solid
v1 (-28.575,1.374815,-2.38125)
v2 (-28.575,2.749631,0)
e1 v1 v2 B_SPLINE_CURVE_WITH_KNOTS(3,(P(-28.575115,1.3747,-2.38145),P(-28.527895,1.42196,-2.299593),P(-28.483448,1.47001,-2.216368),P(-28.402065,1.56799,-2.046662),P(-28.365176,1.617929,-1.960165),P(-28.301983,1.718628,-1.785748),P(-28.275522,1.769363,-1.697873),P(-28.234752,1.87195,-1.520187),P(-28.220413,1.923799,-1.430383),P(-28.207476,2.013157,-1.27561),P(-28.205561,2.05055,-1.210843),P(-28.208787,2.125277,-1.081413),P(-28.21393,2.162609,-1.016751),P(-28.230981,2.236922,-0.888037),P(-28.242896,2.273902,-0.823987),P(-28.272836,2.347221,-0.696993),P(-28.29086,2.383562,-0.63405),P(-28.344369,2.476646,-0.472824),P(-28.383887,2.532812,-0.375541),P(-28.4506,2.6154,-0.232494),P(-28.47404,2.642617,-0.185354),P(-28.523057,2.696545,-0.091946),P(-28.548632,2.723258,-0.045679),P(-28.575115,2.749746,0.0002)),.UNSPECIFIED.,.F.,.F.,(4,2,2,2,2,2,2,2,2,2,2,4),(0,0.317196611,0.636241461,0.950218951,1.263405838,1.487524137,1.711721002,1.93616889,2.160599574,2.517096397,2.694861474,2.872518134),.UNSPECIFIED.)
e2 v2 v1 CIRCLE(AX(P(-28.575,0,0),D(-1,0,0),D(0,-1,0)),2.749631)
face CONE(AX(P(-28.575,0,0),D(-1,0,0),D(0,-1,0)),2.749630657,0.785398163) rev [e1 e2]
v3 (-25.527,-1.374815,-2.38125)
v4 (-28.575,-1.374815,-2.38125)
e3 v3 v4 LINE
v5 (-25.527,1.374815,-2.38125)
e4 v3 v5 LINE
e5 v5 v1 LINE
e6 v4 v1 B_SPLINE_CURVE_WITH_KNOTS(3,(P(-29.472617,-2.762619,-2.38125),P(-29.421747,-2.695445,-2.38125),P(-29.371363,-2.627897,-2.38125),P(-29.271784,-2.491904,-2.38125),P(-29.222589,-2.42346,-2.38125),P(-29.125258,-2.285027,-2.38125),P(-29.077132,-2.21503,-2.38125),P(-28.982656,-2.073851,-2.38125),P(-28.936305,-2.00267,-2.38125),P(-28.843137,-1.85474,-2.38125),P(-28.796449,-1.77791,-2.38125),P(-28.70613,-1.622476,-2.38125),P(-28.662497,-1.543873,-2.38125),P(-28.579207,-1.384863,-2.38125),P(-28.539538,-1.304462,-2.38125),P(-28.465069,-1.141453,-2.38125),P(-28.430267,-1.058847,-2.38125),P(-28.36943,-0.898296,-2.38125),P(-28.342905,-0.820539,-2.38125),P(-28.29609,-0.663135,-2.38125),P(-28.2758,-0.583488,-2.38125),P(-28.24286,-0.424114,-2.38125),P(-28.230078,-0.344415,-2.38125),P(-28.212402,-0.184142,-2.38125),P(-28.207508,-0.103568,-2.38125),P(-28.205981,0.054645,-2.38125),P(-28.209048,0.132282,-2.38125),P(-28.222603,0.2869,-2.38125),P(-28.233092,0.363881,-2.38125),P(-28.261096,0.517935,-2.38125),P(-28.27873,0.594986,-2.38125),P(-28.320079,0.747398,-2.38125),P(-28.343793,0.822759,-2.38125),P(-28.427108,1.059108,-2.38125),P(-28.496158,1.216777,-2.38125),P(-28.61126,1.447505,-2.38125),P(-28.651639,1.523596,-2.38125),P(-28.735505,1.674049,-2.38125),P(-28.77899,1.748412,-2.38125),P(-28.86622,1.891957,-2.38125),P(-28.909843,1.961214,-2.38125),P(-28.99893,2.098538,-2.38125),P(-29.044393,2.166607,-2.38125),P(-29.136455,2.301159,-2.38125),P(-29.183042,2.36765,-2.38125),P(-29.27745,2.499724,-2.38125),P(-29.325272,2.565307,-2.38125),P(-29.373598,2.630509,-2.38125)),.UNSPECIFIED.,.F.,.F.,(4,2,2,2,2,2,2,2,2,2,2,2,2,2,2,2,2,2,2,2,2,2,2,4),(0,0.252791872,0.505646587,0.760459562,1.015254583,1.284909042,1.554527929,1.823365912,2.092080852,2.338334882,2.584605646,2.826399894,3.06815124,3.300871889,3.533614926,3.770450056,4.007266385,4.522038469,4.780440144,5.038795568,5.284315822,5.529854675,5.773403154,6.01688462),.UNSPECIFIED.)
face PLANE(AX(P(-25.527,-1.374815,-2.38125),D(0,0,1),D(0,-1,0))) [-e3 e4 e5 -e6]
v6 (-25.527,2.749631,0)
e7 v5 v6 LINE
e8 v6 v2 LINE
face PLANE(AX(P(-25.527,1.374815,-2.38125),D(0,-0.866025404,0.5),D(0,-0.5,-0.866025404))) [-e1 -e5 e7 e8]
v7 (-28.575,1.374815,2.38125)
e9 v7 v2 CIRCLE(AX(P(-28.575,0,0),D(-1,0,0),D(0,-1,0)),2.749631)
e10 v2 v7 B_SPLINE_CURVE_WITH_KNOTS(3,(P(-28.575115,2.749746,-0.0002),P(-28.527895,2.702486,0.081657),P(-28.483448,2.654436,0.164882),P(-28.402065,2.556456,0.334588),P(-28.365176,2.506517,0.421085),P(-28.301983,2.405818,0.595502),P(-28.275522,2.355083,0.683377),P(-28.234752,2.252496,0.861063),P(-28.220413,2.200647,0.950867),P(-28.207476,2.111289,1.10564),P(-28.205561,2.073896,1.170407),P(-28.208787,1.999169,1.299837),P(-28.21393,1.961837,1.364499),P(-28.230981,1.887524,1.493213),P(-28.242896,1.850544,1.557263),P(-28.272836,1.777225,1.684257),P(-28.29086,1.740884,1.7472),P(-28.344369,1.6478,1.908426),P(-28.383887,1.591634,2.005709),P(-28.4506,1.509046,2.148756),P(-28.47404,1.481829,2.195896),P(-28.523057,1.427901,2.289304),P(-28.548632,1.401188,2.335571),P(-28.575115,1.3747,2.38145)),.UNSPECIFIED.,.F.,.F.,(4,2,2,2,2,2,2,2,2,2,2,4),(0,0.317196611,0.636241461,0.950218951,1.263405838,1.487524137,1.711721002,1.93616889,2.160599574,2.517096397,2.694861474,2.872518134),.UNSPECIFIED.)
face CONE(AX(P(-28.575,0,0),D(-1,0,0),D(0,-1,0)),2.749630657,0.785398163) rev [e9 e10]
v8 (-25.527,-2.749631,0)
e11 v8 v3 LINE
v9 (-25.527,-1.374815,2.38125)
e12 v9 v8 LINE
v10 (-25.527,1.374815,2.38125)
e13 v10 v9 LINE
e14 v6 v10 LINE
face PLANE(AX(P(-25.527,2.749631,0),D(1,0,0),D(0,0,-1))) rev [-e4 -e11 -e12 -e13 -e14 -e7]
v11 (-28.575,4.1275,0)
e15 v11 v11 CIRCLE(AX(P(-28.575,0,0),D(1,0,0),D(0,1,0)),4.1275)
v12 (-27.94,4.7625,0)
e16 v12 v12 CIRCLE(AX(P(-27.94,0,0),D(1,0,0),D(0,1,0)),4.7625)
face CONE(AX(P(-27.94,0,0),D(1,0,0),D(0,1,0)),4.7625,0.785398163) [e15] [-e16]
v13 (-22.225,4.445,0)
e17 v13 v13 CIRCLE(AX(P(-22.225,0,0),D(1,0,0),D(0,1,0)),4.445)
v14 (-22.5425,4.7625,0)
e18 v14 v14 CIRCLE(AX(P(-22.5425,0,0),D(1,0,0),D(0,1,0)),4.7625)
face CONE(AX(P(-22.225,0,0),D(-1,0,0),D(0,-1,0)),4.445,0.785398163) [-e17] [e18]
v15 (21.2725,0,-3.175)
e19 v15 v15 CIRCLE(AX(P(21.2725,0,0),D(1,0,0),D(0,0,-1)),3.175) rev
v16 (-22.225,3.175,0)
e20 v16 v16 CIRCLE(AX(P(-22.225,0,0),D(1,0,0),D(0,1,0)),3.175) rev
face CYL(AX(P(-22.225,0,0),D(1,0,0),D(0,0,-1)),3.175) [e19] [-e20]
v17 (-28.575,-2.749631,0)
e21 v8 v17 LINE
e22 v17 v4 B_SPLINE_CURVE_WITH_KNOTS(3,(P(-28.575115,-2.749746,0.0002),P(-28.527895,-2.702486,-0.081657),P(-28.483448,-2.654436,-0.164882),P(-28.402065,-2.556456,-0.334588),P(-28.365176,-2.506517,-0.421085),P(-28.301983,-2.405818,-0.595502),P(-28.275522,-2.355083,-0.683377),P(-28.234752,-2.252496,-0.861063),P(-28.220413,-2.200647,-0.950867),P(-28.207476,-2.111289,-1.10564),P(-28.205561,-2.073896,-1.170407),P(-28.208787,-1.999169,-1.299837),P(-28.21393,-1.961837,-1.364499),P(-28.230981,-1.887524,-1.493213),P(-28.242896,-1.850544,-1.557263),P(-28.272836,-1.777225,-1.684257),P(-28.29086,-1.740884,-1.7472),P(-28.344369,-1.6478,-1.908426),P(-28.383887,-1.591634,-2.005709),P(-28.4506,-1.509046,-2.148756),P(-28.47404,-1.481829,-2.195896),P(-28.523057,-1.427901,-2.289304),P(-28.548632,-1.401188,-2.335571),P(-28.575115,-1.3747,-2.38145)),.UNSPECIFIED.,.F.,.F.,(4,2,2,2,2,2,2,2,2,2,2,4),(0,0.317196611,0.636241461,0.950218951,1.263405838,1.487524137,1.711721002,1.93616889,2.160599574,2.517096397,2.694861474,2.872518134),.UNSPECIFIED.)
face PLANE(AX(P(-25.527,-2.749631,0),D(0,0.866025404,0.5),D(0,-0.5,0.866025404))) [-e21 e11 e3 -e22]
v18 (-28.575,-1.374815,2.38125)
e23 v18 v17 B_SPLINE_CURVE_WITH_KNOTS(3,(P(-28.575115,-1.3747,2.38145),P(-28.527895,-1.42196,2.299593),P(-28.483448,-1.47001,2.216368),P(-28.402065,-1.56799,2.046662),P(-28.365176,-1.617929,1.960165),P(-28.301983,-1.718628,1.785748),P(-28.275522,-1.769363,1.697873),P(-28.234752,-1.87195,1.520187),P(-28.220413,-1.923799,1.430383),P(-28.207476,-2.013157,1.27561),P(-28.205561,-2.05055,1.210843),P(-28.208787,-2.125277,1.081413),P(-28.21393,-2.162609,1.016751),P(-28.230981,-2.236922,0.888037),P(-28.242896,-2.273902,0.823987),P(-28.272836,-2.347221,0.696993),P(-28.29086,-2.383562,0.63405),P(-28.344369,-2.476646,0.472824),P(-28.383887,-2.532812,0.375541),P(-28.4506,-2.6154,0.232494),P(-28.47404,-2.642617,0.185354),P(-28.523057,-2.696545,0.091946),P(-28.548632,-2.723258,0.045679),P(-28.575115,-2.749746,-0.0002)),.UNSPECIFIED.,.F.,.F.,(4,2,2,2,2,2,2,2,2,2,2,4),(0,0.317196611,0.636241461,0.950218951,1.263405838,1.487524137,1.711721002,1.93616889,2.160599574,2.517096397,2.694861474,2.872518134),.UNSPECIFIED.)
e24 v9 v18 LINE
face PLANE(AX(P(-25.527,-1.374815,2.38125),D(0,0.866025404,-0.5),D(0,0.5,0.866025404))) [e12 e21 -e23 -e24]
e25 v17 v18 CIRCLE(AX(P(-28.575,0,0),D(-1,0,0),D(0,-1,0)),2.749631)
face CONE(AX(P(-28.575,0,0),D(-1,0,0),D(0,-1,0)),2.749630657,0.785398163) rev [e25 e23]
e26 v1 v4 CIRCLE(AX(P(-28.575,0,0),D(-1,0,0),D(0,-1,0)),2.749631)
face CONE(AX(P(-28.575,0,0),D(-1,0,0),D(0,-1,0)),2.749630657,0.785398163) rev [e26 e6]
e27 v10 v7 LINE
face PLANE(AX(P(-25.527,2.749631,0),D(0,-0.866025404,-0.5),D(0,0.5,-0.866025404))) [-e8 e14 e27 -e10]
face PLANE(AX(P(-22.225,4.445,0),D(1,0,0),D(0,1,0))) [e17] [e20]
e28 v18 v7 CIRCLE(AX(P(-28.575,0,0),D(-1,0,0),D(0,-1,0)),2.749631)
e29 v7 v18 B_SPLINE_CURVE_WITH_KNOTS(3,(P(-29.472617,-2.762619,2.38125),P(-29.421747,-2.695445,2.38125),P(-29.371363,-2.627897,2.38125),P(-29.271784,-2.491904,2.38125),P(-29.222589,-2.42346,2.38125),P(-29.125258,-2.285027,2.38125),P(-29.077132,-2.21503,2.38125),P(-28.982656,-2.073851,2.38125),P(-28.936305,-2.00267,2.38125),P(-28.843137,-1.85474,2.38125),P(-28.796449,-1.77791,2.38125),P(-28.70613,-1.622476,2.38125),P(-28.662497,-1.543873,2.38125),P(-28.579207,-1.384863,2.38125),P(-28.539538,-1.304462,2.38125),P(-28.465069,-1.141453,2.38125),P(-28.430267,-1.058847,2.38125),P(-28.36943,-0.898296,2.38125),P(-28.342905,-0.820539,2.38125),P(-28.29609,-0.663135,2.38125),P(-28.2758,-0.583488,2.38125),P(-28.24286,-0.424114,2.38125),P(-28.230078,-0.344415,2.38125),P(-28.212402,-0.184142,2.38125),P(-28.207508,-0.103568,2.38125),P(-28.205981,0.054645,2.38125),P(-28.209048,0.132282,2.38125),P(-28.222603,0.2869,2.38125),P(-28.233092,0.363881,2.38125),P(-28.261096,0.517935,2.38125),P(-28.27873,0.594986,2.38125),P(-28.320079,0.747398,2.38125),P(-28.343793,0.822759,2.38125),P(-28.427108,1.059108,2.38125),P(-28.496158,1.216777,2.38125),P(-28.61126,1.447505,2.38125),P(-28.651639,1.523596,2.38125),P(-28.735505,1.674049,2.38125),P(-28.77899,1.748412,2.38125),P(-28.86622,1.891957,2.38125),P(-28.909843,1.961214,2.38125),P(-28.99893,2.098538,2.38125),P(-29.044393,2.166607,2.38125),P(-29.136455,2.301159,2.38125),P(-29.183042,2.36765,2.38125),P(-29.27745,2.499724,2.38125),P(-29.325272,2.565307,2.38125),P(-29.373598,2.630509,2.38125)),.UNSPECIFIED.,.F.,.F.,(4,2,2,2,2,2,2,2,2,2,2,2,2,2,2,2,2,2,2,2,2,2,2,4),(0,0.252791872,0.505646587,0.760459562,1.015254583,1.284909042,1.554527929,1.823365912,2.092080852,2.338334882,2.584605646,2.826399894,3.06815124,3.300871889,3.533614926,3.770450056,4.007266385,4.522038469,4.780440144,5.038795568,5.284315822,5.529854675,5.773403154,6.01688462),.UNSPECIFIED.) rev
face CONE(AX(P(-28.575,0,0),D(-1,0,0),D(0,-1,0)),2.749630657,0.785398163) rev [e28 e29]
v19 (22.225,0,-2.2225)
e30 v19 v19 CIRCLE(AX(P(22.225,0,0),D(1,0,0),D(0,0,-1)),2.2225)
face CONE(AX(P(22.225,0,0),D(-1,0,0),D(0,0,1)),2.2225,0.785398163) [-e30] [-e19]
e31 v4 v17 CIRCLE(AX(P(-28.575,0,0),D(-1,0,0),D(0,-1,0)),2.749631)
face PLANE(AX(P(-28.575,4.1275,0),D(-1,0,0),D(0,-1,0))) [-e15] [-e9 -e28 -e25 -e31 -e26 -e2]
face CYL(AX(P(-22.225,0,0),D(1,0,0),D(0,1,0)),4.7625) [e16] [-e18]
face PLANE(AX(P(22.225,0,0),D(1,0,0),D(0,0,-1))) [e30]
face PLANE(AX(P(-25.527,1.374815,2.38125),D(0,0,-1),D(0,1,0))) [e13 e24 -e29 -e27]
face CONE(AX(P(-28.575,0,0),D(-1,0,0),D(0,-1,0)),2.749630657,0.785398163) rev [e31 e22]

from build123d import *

# Parameters (mm, degrees)
SKETCH2_R           = 3.175
BOSS_EXTRUDE1_DEPTH = 44.45
CHAMFER1_SIZE       = 0.9525
CUT_EXTRUDE1_DEPTH  = 3.048
SKETCH8_R           = 2.749630657
CUT_EXTRUDE2_DEPTH  = 1.27
CUT_EXTRUDE2_DRAFT  = -45


with BuildPart() as part:
    # Sketch2 → Boss-Extrude1 (new body)
    with BuildSketch(Plane(origin=(22.225, 0, 0), x_dir=(0, 0, -1), z_dir=(1, 0, 0))):
        Circle(SKETCH2_R)
    extrude(amount=-BOSS_EXTRUDE1_DEPTH)

    # Chamfer1
    chamfer1_edges = [part.edges().sort_by_distance(p)[0] for p in [
        (22.225, 0, 3.175),
    ]]
    chamfer(chamfer1_edges, length=CHAMFER1_SIZE)

    # Sketch6 → Revolve1 (revolve)
    with BuildSketch(Plane.XY):
        Polygon((-27.94, 4.7625), (-28.575, 4.1275), (-28.575, 0), (-22.225, 0), (-22.225, 4.445), (-22.5425, 4.7625), align=None)
    revolve(axis=Axis((-22.225, 0, 0), (-1, 0, 0)))

    # Sketch4 → Cut-Extrude1 (cut)
    with BuildSketch(Plane(origin=(-28.575, 0, 0), x_dir=(0, 0, -1), z_dir=(1, 0, 0))):
        Polygon((0, 2.749630657), (-2.38125, 1.374815329), (-2.38125, -1.374815329), (0, -2.749630657), (2.38125, -1.374815329), (2.38125, 1.374815329), align=None)
    extrude(amount=CUT_EXTRUDE1_DEPTH, mode=Mode.SUBTRACT)


with BuildPart() as cut_extrude2_tool:
    # Sketch8 → Cut-Extrude2 (with draft: the straight prism first)
    with BuildSketch(Plane.ZY.offset(28.575)):
        Circle(SKETCH8_R)
    extrude(amount=-CUT_EXTRUDE2_DEPTH)
    # Cut-Extrude2: the draft: its side faces are tilted about the plane it starts from
    cut_extrude2_sides = [cut_extrude2_tool.faces().sort_by_distance(p)[0] for p in [
        (-27.94, 0, -2.749630657),
    ]]
    draft(cut_extrude2_sides, Plane.ZY.offset(28.575), CUT_EXTRUDE2_DRAFT)


with BuildPart() as part_1:
    add(part.part)

    # Cut-Extrude2: cut by cut_extrude2_tool
    add(cut_extrude2_tool.part, mode=Mode.SUBTRACT)


solid = part_1.part
